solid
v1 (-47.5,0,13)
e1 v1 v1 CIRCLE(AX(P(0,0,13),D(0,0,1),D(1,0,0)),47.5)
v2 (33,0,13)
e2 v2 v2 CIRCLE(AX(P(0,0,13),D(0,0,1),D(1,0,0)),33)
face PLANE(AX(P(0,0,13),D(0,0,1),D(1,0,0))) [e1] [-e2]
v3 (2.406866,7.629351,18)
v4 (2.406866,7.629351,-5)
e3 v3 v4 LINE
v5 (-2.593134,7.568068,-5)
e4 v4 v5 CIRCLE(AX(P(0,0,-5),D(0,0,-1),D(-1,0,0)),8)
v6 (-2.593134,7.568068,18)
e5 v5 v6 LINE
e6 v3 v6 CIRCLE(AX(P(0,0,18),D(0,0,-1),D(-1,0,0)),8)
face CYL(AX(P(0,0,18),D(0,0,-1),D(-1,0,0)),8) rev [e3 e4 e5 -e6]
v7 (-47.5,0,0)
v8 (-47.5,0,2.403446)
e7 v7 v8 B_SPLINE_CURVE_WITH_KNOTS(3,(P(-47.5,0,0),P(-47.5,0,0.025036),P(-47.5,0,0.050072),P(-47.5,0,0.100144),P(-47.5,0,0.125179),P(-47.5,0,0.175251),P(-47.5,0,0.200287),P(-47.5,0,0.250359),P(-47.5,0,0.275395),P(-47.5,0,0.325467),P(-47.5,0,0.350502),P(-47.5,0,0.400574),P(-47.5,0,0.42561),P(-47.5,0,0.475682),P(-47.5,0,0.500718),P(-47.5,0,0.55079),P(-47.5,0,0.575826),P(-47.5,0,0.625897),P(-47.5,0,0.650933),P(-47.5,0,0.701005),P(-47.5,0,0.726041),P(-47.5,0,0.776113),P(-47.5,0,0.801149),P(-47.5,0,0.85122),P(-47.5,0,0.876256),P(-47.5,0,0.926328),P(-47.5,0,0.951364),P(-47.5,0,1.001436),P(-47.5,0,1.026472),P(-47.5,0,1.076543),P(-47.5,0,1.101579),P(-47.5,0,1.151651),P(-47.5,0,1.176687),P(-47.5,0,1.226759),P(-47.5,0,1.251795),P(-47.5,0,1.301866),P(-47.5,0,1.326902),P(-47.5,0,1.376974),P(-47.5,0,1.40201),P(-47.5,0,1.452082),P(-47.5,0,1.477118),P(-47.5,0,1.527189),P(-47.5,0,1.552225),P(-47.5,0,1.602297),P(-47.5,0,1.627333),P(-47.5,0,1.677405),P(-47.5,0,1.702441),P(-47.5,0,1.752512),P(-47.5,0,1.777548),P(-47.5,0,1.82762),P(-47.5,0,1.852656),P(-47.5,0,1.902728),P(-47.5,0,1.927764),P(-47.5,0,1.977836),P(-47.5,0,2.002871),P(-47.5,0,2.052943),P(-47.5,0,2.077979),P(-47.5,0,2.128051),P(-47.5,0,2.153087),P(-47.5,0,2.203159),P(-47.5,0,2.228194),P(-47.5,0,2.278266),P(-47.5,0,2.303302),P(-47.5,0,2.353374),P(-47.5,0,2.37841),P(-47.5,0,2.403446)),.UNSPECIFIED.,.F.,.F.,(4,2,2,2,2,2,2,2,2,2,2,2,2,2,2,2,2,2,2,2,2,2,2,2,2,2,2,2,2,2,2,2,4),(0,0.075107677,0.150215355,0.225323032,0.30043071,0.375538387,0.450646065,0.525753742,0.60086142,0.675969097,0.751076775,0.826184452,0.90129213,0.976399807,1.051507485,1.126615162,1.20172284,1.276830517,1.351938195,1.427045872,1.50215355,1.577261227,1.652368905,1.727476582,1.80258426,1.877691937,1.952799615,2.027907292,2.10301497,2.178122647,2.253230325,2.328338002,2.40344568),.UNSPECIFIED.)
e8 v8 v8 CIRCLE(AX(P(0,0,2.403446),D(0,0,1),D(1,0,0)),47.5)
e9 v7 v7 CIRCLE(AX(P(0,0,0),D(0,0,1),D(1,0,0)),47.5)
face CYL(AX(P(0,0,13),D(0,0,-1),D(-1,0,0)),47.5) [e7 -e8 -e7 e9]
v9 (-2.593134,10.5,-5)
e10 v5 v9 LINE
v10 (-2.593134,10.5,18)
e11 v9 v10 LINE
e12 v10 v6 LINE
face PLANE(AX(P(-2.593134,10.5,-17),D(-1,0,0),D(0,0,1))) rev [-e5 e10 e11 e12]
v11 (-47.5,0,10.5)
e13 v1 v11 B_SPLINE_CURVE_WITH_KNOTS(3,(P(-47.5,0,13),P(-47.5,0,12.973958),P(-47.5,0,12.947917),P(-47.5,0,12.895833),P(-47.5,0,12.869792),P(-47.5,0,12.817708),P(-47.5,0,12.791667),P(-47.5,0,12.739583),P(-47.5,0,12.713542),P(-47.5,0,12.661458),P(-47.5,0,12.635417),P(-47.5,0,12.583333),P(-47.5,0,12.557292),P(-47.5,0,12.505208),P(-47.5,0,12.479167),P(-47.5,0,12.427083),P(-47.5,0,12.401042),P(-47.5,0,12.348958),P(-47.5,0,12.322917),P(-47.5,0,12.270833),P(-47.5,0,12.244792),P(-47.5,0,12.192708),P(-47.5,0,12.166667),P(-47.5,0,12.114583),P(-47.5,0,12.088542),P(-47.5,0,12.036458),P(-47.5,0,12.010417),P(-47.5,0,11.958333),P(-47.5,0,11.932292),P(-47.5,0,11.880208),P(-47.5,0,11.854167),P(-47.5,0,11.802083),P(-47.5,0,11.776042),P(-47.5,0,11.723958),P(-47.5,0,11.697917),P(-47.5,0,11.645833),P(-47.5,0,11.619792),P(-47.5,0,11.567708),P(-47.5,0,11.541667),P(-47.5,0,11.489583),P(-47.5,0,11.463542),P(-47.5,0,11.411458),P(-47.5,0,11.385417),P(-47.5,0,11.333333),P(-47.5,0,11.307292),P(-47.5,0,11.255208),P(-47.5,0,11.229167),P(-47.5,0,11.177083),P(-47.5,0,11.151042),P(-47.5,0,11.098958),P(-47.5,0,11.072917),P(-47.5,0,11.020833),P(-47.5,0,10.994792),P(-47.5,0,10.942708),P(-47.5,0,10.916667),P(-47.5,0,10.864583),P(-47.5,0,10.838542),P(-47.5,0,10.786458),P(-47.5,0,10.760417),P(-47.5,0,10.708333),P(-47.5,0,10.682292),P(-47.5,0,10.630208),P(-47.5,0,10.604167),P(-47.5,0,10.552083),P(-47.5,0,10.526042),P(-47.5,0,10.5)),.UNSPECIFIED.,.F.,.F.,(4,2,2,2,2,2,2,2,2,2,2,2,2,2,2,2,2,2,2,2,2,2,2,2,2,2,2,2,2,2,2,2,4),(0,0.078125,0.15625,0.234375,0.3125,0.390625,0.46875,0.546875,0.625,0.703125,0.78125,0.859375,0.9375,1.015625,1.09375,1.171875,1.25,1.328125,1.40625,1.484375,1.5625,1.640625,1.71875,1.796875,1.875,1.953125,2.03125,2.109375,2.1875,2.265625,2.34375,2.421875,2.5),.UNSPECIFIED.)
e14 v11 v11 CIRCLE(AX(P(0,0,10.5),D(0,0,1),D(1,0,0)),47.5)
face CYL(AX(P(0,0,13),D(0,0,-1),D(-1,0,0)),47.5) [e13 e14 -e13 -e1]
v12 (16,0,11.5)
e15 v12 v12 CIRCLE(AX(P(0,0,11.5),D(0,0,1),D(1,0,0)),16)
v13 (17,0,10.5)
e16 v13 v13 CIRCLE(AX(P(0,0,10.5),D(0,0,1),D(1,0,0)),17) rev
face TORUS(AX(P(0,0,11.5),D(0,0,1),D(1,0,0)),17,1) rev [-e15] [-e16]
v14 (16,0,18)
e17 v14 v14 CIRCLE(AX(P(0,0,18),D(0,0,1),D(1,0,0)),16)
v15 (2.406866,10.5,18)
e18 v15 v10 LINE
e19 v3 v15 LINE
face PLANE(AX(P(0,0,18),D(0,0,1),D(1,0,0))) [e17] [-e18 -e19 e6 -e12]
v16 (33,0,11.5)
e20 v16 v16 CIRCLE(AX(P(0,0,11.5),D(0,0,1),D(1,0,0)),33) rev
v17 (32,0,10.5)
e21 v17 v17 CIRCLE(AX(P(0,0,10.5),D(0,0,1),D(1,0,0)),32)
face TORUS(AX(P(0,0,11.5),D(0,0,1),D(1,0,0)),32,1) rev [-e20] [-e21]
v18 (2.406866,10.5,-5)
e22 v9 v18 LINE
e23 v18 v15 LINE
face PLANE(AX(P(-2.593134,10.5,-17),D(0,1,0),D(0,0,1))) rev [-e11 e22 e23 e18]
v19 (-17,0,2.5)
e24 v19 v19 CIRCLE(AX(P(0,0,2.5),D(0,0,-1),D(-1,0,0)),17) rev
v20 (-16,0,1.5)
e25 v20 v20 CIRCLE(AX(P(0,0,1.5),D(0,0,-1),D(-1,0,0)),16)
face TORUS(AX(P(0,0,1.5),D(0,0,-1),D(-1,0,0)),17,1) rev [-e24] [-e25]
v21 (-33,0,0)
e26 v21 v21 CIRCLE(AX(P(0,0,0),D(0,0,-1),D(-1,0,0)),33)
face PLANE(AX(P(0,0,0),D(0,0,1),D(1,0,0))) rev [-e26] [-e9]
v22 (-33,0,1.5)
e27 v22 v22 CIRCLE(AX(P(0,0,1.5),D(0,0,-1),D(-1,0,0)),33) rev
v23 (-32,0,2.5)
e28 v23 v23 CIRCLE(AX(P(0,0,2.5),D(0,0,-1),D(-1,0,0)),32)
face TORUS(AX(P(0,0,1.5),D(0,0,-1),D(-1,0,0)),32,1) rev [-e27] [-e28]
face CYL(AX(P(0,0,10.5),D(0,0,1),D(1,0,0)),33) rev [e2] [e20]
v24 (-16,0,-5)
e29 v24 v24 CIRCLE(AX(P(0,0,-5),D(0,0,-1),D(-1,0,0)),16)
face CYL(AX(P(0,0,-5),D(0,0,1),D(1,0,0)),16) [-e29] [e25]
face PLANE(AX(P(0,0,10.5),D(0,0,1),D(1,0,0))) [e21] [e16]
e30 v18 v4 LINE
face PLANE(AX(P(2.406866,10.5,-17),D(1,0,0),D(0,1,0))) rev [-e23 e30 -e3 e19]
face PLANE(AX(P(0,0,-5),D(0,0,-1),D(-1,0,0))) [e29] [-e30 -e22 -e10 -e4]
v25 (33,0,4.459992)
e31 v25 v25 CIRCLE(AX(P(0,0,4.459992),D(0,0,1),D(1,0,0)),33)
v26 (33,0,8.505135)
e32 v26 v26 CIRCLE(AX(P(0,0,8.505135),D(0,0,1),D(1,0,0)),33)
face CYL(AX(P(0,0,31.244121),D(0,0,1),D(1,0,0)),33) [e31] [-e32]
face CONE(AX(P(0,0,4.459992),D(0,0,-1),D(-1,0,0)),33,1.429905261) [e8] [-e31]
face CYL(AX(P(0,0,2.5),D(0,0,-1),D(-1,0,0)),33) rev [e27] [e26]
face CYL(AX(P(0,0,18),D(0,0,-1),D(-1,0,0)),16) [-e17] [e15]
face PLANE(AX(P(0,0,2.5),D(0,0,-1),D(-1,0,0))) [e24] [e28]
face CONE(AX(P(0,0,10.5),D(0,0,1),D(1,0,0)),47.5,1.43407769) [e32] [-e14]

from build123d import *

# Parameters (mm, degrees)
SKETCH1_R               = 47.5
BOSS_EXTRUDE1_DEPTH     = 13
SKETCH2_R               = 33
CUT_EXTRUDE1_DEPTH      = 2.5
CUT_EXTRUDE2_START      = -2.5
SKETCH3_R               = 33
CUT_EXTRUDE2_DEPTH      = 2.5
SKETCH4_R               = 16
BOSS_EXTRUDE2_DEPTH     = 7.5
BOSS_EXTRUDE3_START     = 7.5
SKETCH5_R               = 16
BOSS_EXTRUDE3_DEPTH     = 7.5
SKETCH9_R               = 8
CUT_EXTRUDE3_DEPTH      = 72.003521039
FILLET1_R               = 1
FILLET2_R               = 1
CUT_EXTRUDE5_DEPTH      = 27
CUT_EXTRUDE5_DEPTH_BACK = 17
SKETCH13_W              = 5
SKETCH13_H              = 4.917634469
FILLET3_R               = 1
FILLET4_R               = 1


with BuildPart() as part:
    # Sketch1 → Boss-Extrude1 (new body)
    with BuildSketch(Plane.XY):
        with Locations(Location((0, 0, 0), (0, 0, 180))):
            Circle(SKETCH1_R)
    extrude(amount=BOSS_EXTRUDE1_DEPTH)

    # Sketch2 → Cut-Extrude1 (cut)
    with BuildSketch(Plane.XY.offset(13)):
        Circle(SKETCH2_R)
    extrude(amount=-CUT_EXTRUDE1_DEPTH, mode=Mode.SUBTRACT)

    # Sketch3 → Cut-Extrude2 (cut)
    with BuildSketch(Plane(origin=(0, 0, 0), x_dir=(-1, 0, 0), z_dir=(0, 0, -1)).offset(CUT_EXTRUDE2_START)):
        with Locations(Location((0, 0, 0), (0, 0, 180))):
            Circle(SKETCH3_R)
    extrude(amount=CUT_EXTRUDE2_DEPTH, mode=Mode.SUBTRACT)

    # Sketch4 → Boss-Extrude2 (add)
    with BuildSketch(Plane(origin=(0, 0, 2.5), x_dir=(-1, 0, 0), z_dir=(0, 0, -1))):
        Circle(SKETCH4_R)
    extrude(amount=BOSS_EXTRUDE2_DEPTH)

    # Sketch5 → Boss-Extrude3 (add)
    with BuildSketch(Plane.XY.offset(10.5).offset(BOSS_EXTRUDE3_START)):
        with Locations(Location((0, 0, 0), (0, 0, 180))):
            Circle(SKETCH5_R)
    extrude(amount=-BOSS_EXTRUDE3_DEPTH)

    # Sketch9 → Cut-Extrude3 (cut, through all)
    with BuildSketch(Plane(origin=(0, 0, -5), x_dir=(-1, 0, 0), z_dir=(0, 0, -1))):
        Circle(SKETCH9_R)
    extrude(amount=-CUT_EXTRUDE3_DEPTH, mode=Mode.SUBTRACT)

    # Fillet1
    fillet1_edges = [part.edges().sort_by_distance(p)[0] for p in [
        (16, 0, 2.5),
    ]]
    fillet(fillet1_edges, radius=FILLET1_R)

    # Fillet2
    fillet2_edges = [part.edges().sort_by_distance(p)[0] for p in [
        (16, 0, 10.5),
    ]]
    fillet(fillet2_edges, radius=FILLET2_R)

    # Sketch12 → Cut-Revolve1 (revolve, cut)
    with BuildSketch(Plane(origin=(0, 0, 0), x_dir=(0, 0, -1), z_dir=(1, 0, 0)), mode=Mode.PRIVATE) as cut_revolve1_sk:
        Polygon((-10.5, 47.5), (-8.505134927, 33), (-4.459991863, 33), (-2.40344568, 47.5), align=None)
    revolve(cut_revolve1_sk.sketch.rotate(Axis((0, 0, 31.244121173), (0, 0, -1)), 270), axis=Axis((0, 0, 31.244121173), (0, 0, -1)), mode=Mode.SUBTRACT)

    # Sketch13 → Cut-Extrude5 (cut, two sides: drawn at the far end of the back side and taken through both)
    with BuildSketch(Plane.XY.offset(-CUT_EXTRUDE5_DEPTH_BACK)):
        with Locations((-0.093134084, 8.041182766)):
            Rectangle(SKETCH13_W, SKETCH13_H)
    extrude(amount=CUT_EXTRUDE5_DEPTH + CUT_EXTRUDE5_DEPTH_BACK, mode=Mode.SUBTRACT)

    # Fillet3
    fillet3_edges = [part.edges().sort_by_distance(p)[0] for p in [
        (-33, 0, 2.5),
    ]]
    fillet(fillet3_edges, radius=FILLET3_R)

    # Fillet4
    fillet4_edges = [part.edges().sort_by_distance(p)[0] for p in [
        (-33, 0, 10.5),
    ]]
    fillet(fillet4_edges, radius=FILLET4_R)


solid = part.part
